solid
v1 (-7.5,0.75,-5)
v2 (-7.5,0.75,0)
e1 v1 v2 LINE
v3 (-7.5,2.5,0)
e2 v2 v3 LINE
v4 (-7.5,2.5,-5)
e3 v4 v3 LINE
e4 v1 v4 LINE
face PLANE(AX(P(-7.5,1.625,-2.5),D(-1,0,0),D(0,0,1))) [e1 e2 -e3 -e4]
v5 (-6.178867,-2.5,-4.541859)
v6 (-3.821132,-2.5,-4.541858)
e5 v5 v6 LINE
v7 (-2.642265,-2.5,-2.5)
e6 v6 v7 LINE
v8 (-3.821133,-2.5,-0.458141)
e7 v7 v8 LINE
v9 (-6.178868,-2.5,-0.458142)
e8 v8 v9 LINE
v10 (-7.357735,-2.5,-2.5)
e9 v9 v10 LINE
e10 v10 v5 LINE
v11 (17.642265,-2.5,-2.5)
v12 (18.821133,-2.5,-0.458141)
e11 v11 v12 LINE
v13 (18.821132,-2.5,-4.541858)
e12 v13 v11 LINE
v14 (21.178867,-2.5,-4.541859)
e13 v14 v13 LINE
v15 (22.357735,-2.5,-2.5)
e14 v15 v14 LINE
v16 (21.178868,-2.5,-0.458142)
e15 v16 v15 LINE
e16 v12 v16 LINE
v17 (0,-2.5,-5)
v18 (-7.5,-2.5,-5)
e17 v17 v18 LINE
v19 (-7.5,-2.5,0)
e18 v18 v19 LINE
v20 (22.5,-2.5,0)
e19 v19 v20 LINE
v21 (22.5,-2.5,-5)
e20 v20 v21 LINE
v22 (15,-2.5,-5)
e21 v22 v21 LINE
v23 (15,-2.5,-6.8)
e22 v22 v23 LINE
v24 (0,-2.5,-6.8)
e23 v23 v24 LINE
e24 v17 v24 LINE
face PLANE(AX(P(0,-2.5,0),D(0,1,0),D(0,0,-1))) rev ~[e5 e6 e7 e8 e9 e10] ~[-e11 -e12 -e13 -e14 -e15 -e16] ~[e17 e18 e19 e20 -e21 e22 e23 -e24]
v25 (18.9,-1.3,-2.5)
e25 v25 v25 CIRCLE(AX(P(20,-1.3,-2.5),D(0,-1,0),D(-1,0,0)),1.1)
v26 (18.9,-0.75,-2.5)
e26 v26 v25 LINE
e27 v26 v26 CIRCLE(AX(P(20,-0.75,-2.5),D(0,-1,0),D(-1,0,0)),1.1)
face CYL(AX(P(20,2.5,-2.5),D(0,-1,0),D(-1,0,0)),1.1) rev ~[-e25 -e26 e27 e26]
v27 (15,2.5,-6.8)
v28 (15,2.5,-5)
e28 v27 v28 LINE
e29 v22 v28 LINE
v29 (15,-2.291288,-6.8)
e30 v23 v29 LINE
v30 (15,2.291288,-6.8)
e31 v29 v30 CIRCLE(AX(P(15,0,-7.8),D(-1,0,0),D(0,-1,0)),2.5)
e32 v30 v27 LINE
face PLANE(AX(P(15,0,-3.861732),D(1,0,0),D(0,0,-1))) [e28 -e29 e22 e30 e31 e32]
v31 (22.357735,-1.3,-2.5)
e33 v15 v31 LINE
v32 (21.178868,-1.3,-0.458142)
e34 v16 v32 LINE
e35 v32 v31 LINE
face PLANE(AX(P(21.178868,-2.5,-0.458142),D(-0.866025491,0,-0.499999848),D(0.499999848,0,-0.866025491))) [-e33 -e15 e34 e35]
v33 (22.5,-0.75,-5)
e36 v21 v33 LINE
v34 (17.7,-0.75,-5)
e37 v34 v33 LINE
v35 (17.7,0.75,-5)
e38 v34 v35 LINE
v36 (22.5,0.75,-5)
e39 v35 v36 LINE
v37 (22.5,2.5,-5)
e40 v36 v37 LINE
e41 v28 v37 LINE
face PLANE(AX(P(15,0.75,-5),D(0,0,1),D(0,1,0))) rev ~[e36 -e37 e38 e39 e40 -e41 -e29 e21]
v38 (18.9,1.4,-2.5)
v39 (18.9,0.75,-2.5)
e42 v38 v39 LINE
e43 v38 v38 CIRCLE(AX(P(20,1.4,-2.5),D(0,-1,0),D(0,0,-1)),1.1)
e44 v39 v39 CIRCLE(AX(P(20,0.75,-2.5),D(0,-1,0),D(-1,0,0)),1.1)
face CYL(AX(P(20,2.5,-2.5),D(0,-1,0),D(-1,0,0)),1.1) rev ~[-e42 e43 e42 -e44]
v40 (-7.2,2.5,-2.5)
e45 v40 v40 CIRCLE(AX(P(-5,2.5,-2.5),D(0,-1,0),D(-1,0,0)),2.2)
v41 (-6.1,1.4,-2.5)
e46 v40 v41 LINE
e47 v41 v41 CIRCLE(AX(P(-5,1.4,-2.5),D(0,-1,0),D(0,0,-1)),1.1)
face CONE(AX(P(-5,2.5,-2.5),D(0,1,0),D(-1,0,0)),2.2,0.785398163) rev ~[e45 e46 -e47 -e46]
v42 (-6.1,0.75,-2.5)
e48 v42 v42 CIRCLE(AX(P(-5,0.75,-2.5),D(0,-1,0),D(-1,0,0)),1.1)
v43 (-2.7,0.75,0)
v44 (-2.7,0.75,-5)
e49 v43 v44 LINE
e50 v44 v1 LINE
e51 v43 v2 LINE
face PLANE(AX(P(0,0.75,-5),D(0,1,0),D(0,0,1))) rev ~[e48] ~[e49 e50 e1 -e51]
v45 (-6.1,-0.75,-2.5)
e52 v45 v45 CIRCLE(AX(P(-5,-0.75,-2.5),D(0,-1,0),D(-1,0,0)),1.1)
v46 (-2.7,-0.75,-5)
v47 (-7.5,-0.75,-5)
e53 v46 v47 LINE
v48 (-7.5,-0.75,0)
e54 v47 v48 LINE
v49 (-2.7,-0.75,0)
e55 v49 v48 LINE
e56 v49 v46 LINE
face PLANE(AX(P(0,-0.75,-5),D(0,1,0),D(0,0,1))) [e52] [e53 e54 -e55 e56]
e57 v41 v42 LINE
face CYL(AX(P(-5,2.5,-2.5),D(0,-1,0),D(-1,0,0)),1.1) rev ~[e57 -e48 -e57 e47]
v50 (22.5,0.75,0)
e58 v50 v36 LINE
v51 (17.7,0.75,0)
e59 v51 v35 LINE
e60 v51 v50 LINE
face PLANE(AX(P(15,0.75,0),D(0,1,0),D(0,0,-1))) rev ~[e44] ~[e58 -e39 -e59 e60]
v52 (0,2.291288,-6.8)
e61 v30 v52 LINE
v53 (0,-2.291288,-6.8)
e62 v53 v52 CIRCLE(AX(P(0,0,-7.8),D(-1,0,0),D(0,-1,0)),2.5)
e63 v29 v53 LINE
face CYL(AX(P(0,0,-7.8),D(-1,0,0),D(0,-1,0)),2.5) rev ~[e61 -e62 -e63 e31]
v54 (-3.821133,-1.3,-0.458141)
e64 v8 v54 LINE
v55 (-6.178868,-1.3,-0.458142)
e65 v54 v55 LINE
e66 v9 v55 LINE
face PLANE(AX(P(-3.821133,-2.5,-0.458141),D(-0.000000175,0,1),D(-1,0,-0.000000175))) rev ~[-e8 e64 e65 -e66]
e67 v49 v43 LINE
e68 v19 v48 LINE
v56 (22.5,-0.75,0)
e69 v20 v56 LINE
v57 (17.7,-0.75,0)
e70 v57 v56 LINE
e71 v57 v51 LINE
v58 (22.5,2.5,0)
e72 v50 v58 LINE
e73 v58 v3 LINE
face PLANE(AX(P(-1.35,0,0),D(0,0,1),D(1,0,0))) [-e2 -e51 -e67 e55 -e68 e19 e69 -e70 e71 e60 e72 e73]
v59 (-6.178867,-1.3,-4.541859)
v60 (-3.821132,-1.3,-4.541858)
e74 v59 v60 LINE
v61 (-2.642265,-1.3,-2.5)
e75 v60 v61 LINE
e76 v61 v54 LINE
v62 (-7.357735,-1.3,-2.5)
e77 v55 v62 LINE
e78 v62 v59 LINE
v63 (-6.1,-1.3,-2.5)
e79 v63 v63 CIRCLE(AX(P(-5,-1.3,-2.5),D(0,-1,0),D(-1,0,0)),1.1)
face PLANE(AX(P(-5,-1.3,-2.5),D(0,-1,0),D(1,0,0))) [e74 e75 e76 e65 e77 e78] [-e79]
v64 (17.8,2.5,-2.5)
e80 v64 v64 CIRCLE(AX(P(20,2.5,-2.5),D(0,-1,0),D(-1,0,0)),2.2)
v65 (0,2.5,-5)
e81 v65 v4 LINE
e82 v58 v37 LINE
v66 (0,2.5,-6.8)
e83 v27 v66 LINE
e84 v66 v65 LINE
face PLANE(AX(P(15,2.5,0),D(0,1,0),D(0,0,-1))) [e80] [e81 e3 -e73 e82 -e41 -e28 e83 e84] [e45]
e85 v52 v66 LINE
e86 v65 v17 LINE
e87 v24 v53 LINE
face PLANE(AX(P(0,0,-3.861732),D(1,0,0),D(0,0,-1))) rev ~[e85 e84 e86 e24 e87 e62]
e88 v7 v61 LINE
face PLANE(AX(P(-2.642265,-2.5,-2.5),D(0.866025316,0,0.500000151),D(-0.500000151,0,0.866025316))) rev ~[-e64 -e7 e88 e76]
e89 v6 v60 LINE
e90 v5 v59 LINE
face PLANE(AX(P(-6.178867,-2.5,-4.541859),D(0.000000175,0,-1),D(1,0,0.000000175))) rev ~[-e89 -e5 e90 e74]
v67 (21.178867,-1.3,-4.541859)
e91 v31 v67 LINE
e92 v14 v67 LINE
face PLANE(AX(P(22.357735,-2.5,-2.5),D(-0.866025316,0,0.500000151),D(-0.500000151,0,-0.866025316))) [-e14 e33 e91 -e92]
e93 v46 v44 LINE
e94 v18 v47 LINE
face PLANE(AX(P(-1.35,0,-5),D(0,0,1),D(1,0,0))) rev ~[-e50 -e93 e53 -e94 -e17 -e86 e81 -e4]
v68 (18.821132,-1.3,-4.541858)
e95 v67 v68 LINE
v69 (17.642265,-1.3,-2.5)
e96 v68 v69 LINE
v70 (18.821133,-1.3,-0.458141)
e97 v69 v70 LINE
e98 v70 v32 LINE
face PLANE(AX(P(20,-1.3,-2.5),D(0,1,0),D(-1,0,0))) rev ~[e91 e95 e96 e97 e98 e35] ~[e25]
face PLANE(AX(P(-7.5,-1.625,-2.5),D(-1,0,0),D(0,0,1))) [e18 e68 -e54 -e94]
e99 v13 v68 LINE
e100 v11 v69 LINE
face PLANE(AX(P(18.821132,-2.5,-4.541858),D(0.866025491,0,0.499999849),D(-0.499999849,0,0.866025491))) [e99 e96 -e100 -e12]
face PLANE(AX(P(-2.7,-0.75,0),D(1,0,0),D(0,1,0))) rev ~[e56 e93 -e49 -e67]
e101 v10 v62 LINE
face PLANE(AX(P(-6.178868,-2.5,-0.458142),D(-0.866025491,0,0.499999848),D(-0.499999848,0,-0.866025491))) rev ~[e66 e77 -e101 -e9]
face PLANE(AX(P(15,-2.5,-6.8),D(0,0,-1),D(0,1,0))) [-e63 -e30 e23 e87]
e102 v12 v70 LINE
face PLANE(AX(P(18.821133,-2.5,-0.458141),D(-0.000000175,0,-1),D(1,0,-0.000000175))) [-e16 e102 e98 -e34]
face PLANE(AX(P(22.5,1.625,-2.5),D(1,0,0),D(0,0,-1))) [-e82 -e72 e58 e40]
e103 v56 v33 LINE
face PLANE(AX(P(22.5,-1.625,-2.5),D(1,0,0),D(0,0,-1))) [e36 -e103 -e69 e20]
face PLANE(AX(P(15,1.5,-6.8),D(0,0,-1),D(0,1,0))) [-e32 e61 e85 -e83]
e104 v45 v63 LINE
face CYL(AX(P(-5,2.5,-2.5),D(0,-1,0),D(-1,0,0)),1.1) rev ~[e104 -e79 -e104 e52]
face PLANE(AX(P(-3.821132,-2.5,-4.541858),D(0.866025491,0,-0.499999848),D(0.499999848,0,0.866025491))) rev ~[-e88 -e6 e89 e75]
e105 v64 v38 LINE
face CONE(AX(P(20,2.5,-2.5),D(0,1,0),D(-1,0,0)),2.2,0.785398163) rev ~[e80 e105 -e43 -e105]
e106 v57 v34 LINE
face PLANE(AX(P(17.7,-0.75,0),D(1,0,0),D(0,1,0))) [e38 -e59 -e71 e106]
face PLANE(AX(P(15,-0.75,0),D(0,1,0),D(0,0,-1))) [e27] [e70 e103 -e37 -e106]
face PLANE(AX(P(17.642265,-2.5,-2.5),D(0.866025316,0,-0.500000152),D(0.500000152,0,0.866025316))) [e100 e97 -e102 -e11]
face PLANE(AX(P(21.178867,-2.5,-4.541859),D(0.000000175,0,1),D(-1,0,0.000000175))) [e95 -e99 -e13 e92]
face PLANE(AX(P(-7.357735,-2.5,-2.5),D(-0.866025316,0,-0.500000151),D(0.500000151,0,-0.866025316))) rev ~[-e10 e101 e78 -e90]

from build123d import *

# Parameters (mm, degrees)
EXTRUDE_1_DEPTH             = 15
SKETCH_2_W                  = 1
SKETCH_2_H                  = 1
CUT_EXTRUDE_1_DEPTH         = 15
SKETCH_6_W                  = 5
SKETCH_6_H                  = 1.75
EXTRUDE_2_DEPTH             = 7.5
SKETCH_7_W                  = 5
SKETCH_7_H                  = 1.75
EXTRUDE_3_DEPTH             = 7.5
HOLE_WIZARD_M21_D           = 2.2
HOLE_WIZARD_M21_CSINK_D     = 4.4
HOLE_WIZARD_M21_CSINK_ANGLE = 90
CUT_EXTRUDE_2_DEPTH         = 1.2
SKETCH_8_W                  = 2.7
SKETCH_8_H                  = 1.5
EXTRUDE_4_DEPTH             = 5


with BuildPart() as part:
    # Эскиз1 → Бобышка-Вытянуть1 (new body)
    with BuildSketch(Plane(origin=(0, 0, 0), x_dir=(0, 0, -1), z_dir=(1, 0, 0))):
        with BuildLine():
            Line((0, 2.5), (0, -2.5))
            Line((0, -2.5), (7.8, -2.5))
            ThreePointArc((7.8, -2.5), (5.3, 0), (7.8, 2.5))
            Line((7.8, 2.5), (0, 2.5))
        make_face()
    extrude(amount=EXTRUDE_1_DEPTH)

    # Эскиз2 → Вырез-Вытянуть1 (cut)
    with BuildSketch(Plane(origin=(15, 0, 0), x_dir=(0, 0, -1), z_dir=(1, 0, 0))):
        with Locations((7.3, 2)):
            Rectangle(SKETCH_2_W, SKETCH_2_H)
        with Locations((7.3, -2)):
            Rectangle(SKETCH_2_W, SKETCH_2_H)
    extrude(amount=-CUT_EXTRUDE_1_DEPTH, mode=Mode.SUBTRACT)

    # Эскиз6 → Бобышка-Вытянуть2 (add)
    with BuildSketch(Plane.ZY):
        with Locations((-2.5, 1.625)):
            Rectangle(SKETCH_6_W, SKETCH_6_H)
        with Locations((-2.5, -1.625)):
            Rectangle(SKETCH_6_W, SKETCH_6_H)
    extrude(amount=EXTRUDE_2_DEPTH)

    # Эскиз7 → Бобышка-Вытянуть3 (add)
    with BuildSketch(Plane(origin=(15, 0, 0), x_dir=(0, 0, -1), z_dir=(1, 0, 0))):
        with Locations((2.5, 1.625)):
            Rectangle(SKETCH_7_W, SKETCH_7_H)
        with Locations((2.5, -1.625)):
            Rectangle(SKETCH_7_W, SKETCH_7_H)
    extrude(amount=EXTRUDE_3_DEPTH)

    # Зенковка для винта с полупотайной головкой M21 (through all)
    with Locations(Plane(origin=(0, 2.5, 0), x_dir=(1, 0, 0), z_dir=(0, 1, 0))):
        with Locations((20, 2.5), (-5, 2.5)):
            CounterSinkHole(HOLE_WIZARD_M21_D / 2, HOLE_WIZARD_M21_CSINK_D / 2, counter_sink_angle=HOLE_WIZARD_M21_CSINK_ANGLE)

    # Эскиз5 → Вырез-Вытянуть2 (cut)
    with BuildSketch(Plane.XZ.offset(2.5)):
        Polygon((-6.178867871, -0.458141777), (-7.357735027, -2.500000412), (-6.178867157, -4.541858635), (-3.821132129, -4.541858223), (-2.642264973, -2.499999588), (-3.821132843, -0.458141365), align=None)
        Polygon((21.178867119, -4.541858635), (18.821132092, -4.541858223), (17.642264935, -2.499999588), (18.821132806, -0.458141365), (21.178867833, -0.458141777), (22.357734989, -2.500000412), align=None)
    extrude(amount=-CUT_EXTRUDE_2_DEPTH, mode=Mode.SUBTRACT)

    # Эскиз8 → Бобышка-Вытянуть4 (add)
    with BuildSketch(Plane.XY):
        with Locations((-1.35, 0)):
            Rectangle(SKETCH_8_W, SKETCH_8_H)
        with Locations((16.35, 0)):
            Rectangle(SKETCH_8_W, SKETCH_8_H)
    extrude(amount=-EXTRUDE_4_DEPTH)


solid = part.part
